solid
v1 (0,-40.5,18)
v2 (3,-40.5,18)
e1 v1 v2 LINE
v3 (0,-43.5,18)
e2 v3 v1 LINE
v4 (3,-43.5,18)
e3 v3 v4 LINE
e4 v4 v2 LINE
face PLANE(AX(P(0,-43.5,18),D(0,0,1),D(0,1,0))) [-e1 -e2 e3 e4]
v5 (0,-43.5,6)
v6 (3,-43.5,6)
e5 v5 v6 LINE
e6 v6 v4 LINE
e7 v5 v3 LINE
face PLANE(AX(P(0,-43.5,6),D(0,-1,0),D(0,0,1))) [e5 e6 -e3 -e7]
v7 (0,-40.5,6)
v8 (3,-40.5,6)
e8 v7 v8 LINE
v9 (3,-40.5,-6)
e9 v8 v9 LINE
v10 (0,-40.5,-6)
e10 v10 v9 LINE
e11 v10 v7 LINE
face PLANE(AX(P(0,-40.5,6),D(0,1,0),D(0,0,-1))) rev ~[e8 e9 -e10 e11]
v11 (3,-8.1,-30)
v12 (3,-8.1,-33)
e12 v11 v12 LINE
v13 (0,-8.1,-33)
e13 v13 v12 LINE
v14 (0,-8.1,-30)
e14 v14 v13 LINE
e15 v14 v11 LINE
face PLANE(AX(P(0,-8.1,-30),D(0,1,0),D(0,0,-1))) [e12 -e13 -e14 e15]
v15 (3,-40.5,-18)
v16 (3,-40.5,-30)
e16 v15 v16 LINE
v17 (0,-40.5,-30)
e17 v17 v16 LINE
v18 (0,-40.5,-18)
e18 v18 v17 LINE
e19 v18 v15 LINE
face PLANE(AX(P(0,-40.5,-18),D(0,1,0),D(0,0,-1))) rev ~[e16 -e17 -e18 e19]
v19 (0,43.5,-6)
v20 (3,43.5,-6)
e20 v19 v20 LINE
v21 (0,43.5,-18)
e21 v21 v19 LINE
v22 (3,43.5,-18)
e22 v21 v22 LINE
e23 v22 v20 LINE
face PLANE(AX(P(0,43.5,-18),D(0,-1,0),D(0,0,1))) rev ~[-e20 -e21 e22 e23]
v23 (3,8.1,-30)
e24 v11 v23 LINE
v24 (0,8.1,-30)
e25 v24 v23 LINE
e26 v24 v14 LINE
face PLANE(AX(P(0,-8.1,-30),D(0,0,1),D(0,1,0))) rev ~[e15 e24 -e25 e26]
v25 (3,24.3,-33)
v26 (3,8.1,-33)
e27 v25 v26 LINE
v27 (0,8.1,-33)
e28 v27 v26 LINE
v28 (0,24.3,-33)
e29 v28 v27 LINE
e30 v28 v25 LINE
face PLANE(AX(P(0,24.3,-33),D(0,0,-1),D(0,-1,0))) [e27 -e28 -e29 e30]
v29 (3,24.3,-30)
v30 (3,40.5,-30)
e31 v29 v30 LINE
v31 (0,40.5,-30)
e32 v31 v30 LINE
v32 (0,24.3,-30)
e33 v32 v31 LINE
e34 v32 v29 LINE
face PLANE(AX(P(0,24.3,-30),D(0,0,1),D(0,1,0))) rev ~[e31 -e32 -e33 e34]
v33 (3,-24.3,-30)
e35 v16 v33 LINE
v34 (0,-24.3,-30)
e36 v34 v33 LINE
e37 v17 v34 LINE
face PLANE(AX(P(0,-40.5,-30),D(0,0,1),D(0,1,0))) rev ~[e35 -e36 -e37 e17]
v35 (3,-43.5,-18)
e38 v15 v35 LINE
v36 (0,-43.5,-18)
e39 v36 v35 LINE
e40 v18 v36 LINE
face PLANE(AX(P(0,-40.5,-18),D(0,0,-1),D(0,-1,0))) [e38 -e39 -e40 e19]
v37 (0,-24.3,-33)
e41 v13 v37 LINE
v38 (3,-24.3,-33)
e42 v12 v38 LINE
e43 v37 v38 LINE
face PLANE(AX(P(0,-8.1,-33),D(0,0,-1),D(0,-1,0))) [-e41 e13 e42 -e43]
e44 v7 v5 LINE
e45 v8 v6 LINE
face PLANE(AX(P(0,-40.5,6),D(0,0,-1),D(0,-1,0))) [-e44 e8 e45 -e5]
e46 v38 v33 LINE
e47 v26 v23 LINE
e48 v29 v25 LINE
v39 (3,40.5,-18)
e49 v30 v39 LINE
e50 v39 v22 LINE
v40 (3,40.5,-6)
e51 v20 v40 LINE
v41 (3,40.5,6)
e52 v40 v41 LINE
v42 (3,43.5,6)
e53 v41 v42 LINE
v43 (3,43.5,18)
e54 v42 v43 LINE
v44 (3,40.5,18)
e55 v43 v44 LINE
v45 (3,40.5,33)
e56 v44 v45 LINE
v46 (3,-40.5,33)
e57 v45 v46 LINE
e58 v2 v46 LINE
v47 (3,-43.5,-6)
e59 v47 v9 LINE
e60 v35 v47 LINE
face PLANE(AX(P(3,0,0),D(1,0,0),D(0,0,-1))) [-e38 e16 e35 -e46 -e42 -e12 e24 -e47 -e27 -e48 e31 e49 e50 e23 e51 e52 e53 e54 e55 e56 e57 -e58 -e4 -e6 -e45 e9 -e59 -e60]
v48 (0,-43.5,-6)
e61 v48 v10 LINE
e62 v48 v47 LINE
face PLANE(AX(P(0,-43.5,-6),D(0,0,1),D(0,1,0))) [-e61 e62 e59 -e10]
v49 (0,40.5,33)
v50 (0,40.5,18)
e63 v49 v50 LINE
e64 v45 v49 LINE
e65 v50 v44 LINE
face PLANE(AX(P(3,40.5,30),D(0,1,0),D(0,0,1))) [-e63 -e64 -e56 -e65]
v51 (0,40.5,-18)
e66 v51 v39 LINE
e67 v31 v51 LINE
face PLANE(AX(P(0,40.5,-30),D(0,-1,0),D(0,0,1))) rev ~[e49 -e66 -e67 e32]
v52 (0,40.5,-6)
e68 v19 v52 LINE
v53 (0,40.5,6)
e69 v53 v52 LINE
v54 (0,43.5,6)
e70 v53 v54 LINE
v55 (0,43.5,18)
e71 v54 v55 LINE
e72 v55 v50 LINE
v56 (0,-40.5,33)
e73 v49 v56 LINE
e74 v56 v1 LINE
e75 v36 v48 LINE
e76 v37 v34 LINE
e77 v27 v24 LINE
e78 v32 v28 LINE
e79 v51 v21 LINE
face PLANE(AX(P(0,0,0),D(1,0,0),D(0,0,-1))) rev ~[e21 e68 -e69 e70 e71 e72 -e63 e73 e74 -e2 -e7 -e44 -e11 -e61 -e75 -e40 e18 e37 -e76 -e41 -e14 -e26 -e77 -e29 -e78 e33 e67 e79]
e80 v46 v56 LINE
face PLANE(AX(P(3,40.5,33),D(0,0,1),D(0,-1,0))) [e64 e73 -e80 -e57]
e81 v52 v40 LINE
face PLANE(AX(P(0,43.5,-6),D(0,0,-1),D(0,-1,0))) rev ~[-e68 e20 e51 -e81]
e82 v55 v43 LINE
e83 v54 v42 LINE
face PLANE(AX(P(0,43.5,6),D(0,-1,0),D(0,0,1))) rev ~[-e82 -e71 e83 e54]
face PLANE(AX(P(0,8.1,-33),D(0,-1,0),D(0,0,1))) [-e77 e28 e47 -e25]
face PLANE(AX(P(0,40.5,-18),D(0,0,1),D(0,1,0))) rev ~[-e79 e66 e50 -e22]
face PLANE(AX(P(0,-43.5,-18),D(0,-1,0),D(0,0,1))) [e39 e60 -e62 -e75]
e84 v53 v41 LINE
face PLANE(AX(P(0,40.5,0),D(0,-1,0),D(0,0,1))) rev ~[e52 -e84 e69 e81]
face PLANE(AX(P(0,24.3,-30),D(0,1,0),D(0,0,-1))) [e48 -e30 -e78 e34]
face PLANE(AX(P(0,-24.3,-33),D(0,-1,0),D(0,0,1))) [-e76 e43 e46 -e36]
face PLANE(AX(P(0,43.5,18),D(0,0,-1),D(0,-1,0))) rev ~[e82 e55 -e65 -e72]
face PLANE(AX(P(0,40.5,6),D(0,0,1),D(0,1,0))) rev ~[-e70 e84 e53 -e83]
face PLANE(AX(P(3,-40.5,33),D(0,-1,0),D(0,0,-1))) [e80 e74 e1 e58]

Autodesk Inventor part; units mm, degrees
ref_plane "YZ Plane" through (0, 0, 0) normal (1, 0, 0) x (0, 1, 0)
ref_plane "XZ Plane" through (0, 0, 0) normal (0, 1, 0) x (-1, 0, 0)
ref_plane "XY Plane" through (0, 0, 0) normal (0, 0, 1) x (1, 0, 0)
sketch "Sketch1" plane through (0, 0, 0) normal (1, 0, 0) x (0, 1, 0)
  line L0 (-40.5, 30) -> (-40.5, -30)
  line L1 (-40.5, -30) -> (40.5, -30)
  line L2 (40.5, -30) -> (40.5, 30)
  line L3 (40.5, 30) -> (-40.5, 30)
  line L4 (-40.5, 30) -> (40.5, -30) construction
  line L5 (-40.5, -30) -> (40.5, 30) construction
  line L6 (-40.5, 18) -> (-40.5, 6)
  line L7 (-40.5, 6) -> (-43.5, 6)
  line L8 (-43.5, 6) -> (-43.5, 18)
  line L9 (-43.5, 18) -> (-40.5, 18)
  line L10 (-40.5, -6) -> (-40.5, -18)
  line L11 (-40.5, -18) -> (-43.5, -18)
  line L12 (-43.5, -18) -> (-43.5, -6)
  line L13 (-43.5, -6) -> (-40.5, -6)
  line L14 (-8.1, -30) -> (-8.1, -33)
  line L15 (-8.1, -33) -> (-24.3, -33)
  line L16 (-24.3, -33) -> (-24.3, -30)
  line L17 (-24.3, -30) -> (-8.1, -30)
  line L18 (8.1, -30) -> (24.3, -30)
  line L19 (24.3, -30) -> (24.3, -33)
  line L20 (24.3, -33) -> (8.1, -33)
  line L21 (8.1, -33) -> (8.1, -30)
  line L22 (-60.9, 0) -> (60.9, 0) projected
  line L23 (0, -45.6) -> (0, 42.6) projected
  line L24 (40.5, 18) -> (40.5, 6)
  line L25 (40.5, 6) -> (43.5, 6)
  line L26 (43.5, 6) -> (43.5, 18)
  line L27 (43.5, 18) -> (40.5, 18)
  line L28 (40.5, -6) -> (40.5, -18)
  line L29 (40.5, -18) -> (43.5, -18)
  line L30 (43.5, -18) -> (43.5, -6)
  line L31 (43.5, -6) -> (40.5, -6)
  point P0 (0, 0)
  point P1 (-43.5, -12)
  point P2 (43.5, -12)
  dimension "d0" = 81
  dimension "d1" = 60
  dimension "d2" = 3
  dimension "d3" = 12
  dimension "d4" = 12
  dimension "d5" = 12
  dimension "d6" = 12
  dimension "d7" = 16.2
  dimension "d8" = 16.2
  dimension "d9" = 16.2
  dimension "d10" = 16.2
extrude "Extrusion1" add sketch "Sketch1" along normal blind 3
sketch "Sketch2" plane through (3, 0, 0) normal (1, 0, 0) x (0, 0, -1)
  line L0 (-30, 40.5) -> (-30, -40.5) projected
  line L1 (-30, -40.5) -> (-30, 40.5)
  line L2 (-30, 40.5) -> (-33, 40.5)
  line L3 (-33, 40.5) -> (-33, -40.5)
  line L4 (-33, -40.5) -> (-30, -40.5)
  point P0 (0, 0)
  dimension "d13" = 3
extrude "Extrusion2" add sketch "Sketch2" against normal blind 3
equation "\"d3\" = 0.2 * d1"
equation "\"d4\" = d3"
equation "\"d5\" = d3"
equation "\"d6\" = d4"
equation "\"d7\" = 0.2 * d0"
equation "\"d8\" = d7"
equation "\"d9\" = d7"
equation "\"d10\" = d8"
equation "\"d13\" = d2"
equation "\"d14\" = d2"
properties part number "back"
